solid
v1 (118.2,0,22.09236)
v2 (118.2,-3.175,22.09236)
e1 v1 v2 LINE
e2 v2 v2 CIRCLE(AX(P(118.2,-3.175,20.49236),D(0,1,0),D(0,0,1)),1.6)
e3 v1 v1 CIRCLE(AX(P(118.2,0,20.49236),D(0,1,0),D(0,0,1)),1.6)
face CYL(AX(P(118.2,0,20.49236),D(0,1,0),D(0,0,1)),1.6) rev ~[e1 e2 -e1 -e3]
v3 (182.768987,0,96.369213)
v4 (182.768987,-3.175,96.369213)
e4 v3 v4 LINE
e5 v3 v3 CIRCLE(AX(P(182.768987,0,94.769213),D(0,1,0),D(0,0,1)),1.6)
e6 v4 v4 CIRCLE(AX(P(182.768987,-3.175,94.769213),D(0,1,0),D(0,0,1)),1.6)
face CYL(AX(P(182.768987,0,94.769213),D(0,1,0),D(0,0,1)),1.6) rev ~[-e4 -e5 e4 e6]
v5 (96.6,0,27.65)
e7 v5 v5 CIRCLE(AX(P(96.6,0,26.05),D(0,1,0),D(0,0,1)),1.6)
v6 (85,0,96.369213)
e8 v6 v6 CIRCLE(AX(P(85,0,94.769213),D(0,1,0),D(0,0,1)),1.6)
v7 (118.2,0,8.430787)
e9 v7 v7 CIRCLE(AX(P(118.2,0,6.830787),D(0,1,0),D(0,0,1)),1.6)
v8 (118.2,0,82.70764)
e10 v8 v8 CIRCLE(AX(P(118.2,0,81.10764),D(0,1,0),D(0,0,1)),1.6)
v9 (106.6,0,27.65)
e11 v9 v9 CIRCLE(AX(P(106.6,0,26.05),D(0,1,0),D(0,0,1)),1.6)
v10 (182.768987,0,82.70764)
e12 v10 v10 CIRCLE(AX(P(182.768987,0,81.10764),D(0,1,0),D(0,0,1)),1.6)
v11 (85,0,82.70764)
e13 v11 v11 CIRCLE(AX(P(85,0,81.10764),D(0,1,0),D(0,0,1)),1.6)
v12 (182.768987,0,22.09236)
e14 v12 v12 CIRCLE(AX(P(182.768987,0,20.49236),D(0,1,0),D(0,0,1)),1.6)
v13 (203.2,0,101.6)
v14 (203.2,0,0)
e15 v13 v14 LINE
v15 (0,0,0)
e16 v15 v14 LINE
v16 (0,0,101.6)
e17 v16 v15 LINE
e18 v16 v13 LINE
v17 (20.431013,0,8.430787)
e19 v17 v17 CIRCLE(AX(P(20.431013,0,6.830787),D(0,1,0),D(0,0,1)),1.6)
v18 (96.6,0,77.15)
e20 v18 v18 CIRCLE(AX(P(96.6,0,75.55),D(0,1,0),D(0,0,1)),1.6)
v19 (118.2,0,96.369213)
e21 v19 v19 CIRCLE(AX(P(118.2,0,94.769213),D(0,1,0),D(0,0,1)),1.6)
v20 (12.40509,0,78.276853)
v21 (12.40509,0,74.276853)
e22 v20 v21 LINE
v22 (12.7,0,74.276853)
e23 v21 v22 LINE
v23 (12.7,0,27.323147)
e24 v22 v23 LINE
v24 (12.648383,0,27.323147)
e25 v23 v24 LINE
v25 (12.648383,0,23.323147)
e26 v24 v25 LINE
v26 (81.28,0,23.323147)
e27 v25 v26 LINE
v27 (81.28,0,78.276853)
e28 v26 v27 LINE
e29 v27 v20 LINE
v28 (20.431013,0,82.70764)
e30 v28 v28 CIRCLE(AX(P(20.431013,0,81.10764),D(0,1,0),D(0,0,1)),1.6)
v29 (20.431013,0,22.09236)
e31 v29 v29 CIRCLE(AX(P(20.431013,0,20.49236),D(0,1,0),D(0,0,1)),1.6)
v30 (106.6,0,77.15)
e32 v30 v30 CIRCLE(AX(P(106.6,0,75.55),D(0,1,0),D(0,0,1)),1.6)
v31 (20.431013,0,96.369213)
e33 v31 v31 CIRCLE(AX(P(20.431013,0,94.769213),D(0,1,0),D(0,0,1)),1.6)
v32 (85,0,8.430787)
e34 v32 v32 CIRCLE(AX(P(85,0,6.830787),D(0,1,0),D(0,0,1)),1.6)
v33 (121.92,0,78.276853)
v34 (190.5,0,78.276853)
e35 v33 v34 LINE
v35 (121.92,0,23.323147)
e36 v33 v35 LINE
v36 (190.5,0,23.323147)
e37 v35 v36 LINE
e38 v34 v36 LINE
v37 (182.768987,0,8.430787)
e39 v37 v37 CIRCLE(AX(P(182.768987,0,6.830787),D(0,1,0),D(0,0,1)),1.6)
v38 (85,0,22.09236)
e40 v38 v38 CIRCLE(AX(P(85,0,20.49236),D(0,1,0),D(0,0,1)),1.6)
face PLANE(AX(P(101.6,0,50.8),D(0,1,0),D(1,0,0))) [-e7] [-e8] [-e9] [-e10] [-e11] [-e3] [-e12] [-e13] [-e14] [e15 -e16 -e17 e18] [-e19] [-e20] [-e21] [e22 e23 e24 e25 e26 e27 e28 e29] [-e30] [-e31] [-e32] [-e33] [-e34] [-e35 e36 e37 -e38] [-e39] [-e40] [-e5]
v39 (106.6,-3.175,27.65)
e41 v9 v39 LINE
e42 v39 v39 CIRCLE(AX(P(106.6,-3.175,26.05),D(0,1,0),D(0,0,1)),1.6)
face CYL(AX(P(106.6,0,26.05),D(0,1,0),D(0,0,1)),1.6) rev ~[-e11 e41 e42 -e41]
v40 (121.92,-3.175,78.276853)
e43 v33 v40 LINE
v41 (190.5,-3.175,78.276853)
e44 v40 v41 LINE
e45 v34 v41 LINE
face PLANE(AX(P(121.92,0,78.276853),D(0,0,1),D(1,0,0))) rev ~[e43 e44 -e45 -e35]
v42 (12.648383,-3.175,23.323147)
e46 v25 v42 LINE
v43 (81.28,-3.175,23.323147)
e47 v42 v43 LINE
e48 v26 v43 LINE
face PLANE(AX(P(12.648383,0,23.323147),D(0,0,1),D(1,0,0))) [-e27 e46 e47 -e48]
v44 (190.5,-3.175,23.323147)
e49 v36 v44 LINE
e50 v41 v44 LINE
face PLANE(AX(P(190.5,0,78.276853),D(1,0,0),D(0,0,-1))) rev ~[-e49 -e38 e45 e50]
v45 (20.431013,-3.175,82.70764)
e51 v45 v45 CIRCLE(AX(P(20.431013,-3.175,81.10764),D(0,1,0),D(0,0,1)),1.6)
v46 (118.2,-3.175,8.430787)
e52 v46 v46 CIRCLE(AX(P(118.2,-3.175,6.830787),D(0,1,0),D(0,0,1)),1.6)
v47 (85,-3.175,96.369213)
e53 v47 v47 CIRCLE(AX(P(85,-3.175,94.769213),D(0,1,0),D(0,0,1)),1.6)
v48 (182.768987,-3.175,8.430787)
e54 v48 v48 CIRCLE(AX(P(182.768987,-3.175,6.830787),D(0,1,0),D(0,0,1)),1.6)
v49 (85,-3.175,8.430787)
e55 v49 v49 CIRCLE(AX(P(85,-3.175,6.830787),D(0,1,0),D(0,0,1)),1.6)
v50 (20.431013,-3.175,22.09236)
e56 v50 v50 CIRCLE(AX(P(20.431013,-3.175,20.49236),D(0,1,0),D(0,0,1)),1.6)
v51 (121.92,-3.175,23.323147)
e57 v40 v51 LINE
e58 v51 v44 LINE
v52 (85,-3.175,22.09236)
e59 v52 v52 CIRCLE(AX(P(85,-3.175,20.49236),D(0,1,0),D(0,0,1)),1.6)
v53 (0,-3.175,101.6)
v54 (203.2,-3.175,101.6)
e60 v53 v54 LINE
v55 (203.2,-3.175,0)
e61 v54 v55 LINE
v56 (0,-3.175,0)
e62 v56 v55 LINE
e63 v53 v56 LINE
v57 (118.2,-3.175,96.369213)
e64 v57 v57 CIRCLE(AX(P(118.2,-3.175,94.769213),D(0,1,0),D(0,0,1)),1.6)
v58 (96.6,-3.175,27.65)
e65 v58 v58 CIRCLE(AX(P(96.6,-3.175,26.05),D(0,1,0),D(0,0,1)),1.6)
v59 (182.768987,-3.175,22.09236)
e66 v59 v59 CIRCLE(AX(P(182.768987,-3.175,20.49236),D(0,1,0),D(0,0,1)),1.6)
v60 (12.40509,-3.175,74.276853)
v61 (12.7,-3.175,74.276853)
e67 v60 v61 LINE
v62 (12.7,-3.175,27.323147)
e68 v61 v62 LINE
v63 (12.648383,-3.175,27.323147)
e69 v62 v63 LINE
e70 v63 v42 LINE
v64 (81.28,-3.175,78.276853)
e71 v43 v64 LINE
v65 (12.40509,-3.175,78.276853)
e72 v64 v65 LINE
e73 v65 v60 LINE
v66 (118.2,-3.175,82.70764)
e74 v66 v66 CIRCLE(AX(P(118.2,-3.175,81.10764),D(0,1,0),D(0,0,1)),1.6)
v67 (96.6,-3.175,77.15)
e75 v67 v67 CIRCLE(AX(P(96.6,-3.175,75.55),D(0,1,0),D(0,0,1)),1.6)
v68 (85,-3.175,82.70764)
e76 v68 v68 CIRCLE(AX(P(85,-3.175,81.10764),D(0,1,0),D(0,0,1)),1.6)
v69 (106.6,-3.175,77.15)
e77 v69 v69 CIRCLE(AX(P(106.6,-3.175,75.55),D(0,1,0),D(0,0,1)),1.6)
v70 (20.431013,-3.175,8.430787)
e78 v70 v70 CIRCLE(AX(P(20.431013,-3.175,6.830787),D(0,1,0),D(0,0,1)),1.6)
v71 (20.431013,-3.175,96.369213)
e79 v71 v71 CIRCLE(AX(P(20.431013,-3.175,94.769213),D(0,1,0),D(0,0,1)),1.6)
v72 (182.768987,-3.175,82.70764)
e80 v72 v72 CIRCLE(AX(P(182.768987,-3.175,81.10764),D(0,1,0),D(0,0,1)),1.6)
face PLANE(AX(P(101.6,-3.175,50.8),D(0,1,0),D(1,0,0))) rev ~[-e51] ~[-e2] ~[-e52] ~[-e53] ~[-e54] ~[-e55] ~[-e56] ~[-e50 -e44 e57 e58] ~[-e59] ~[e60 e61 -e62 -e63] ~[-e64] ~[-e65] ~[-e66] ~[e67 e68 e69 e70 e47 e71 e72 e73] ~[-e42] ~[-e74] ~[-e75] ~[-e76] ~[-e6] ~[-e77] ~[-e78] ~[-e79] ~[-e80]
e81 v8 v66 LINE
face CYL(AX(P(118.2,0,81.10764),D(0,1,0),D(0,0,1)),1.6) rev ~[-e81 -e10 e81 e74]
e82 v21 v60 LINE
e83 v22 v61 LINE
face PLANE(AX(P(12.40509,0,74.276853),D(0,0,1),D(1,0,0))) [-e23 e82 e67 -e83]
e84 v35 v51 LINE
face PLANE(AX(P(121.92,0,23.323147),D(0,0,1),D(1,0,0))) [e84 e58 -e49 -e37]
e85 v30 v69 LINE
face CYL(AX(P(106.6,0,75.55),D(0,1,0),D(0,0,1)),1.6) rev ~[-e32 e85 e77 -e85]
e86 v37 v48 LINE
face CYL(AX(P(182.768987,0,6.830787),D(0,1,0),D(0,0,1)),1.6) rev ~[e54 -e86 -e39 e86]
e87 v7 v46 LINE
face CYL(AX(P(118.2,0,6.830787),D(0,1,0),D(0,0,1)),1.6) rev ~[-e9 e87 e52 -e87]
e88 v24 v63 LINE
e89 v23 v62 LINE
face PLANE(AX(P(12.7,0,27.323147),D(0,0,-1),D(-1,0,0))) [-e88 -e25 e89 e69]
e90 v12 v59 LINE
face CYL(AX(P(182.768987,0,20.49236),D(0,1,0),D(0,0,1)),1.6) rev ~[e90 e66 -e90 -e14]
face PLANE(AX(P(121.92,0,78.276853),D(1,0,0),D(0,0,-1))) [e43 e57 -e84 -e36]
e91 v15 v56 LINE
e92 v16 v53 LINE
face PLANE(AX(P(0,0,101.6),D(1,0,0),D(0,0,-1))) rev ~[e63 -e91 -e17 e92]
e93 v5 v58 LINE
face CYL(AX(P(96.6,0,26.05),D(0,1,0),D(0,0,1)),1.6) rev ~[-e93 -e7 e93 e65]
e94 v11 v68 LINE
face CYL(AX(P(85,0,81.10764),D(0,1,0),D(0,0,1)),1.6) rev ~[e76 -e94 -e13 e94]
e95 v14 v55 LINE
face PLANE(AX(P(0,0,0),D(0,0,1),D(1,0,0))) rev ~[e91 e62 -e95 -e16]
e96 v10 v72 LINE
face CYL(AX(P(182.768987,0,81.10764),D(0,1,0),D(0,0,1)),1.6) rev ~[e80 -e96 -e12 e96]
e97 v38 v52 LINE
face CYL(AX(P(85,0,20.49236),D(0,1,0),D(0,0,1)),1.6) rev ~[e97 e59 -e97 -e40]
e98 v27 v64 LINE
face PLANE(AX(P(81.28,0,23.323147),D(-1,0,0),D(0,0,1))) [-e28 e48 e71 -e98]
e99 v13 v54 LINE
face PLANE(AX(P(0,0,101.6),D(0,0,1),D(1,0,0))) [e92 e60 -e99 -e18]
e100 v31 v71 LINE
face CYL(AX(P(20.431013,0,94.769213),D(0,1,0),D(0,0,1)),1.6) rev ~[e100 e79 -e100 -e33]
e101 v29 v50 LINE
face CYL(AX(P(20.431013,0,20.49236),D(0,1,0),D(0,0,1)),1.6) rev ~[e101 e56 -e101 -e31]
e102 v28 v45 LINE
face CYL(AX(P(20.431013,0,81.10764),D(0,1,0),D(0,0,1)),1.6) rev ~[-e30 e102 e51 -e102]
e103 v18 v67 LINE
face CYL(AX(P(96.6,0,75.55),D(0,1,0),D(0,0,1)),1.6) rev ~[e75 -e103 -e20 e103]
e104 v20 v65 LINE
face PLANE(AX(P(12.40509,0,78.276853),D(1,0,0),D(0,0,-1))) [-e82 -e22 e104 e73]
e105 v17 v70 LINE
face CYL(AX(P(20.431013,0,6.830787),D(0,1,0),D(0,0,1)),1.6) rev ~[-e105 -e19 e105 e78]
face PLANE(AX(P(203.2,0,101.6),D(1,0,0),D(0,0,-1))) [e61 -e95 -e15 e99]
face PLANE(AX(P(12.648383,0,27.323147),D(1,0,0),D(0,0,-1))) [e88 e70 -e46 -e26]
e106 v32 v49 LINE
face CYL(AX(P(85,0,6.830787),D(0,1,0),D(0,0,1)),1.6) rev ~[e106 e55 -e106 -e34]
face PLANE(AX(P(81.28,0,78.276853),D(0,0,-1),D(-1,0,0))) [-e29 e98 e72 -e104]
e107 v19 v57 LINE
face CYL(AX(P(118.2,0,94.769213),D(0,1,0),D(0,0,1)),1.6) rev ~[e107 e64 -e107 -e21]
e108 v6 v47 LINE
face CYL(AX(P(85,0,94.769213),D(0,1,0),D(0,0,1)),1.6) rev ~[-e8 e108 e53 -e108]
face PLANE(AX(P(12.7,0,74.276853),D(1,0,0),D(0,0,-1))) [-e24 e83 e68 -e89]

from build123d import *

# Parameters (mm, degrees)
SKETCH1_W           = 203.2
SKETCH1_H           = 101.6
SKETCH1_R           = 1.6
SKETCH1_W_2         = 68.58
SKETCH1_H_2         = 54.953705786
BOSS_EXTRUDE1_DEPTH = 3.175


with BuildPart() as part:
    # Sketch1 → Boss-Extrude1 (new body)
    with BuildSketch(Plane(origin=(0, 0, 0), x_dir=(1, 0, 0), z_dir=(0, 1, 0))):
        with Locations((101.6, -50.8)):
            Rectangle(SKETCH1_W, SKETCH1_H)
        with Locations(Location((20.431013284, -94.769213223, 0), (0, 0, 270))):
            Circle(SKETCH1_R, mode=Mode.SUBTRACT)
        with Locations(Location((20.431013284, -81.10763967, 0), (0, 0, 270))):
            Circle(SKETCH1_R, mode=Mode.SUBTRACT)
        with Locations(Location((85, -94.769213223, 0), (0, 0, 270))):
            Circle(SKETCH1_R, mode=Mode.SUBTRACT)
        with Locations(Location((85, -81.10763967, 0), (0, 0, 270))):
            Circle(SKETCH1_R, mode=Mode.SUBTRACT)
        with Locations(Location((96.6, -75.55, 0), (0, 0, 270))):
            Circle(SKETCH1_R, mode=Mode.SUBTRACT)
        Polygon((12.405089541, -78.276852893), (12.405089541, -74.276852893), (12.7, -74.276852893), (12.7, -27.323147107), (12.648382796, -27.323147107), (12.648382796, -23.323147107), (81.28, -23.323147107), (81.28, -78.276852893), align=None, mode=Mode.SUBTRACT)
        with Locations(Location((118.2, -94.769213223, 0), (0, 0, 270))):
            Circle(SKETCH1_R, mode=Mode.SUBTRACT)
        with Locations(Location((118.2, -81.10763967, 0), (0, 0, 270))):
            Circle(SKETCH1_R, mode=Mode.SUBTRACT)
        with Locations(Location((106.6, -75.55, 0), (0, 0, 270))):
            Circle(SKETCH1_R, mode=Mode.SUBTRACT)
        with Locations(Location((182.768986716, -94.769213223, 0), (0, 0, 270))):
            Circle(SKETCH1_R, mode=Mode.SUBTRACT)
        with Locations(Location((182.768986716, -81.10763967, 0), (0, 0, 270))):
            Circle(SKETCH1_R, mode=Mode.SUBTRACT)
        with Locations((156.21, -50.8)):
            Rectangle(SKETCH1_W_2, SKETCH1_H_2, mode=Mode.SUBTRACT)
        with Locations(Location((20.431013284, -20.49236033, 0), (0, 0, 270))):
            Circle(SKETCH1_R, mode=Mode.SUBTRACT)
        with Locations(Location((20.431013284, -6.830786777, 0), (0, 0, 270))):
            Circle(SKETCH1_R, mode=Mode.SUBTRACT)
        with Locations(Location((96.6, -26.05, 0), (0, 0, 270))):
            Circle(SKETCH1_R, mode=Mode.SUBTRACT)
        with Locations(Location((85, -20.49236033, 0), (0, 0, 270))):
            Circle(SKETCH1_R, mode=Mode.SUBTRACT)
        with Locations(Location((85, -6.830786777, 0), (0, 0, 270))):
            Circle(SKETCH1_R, mode=Mode.SUBTRACT)
        with Locations(Location((106.6, -26.05, 0), (0, 0, 270))):
            Circle(SKETCH1_R, mode=Mode.SUBTRACT)
        with Locations(Location((118.2, -20.49236033, 0), (0, 0, 270))):
            Circle(SKETCH1_R, mode=Mode.SUBTRACT)
        with Locations(Location((118.2, -6.830786777, 0), (0, 0, 270))):
            Circle(SKETCH1_R, mode=Mode.SUBTRACT)
        with Locations(Location((182.768986716, -20.49236033, 0), (0, 0, 270))):
            Circle(SKETCH1_R, mode=Mode.SUBTRACT)
        with Locations(Location((182.768986716, -6.830786777, 0), (0, 0, 270))):
            Circle(SKETCH1_R, mode=Mode.SUBTRACT)
    extrude(amount=-BOSS_EXTRUDE1_DEPTH)


solid = part.part
